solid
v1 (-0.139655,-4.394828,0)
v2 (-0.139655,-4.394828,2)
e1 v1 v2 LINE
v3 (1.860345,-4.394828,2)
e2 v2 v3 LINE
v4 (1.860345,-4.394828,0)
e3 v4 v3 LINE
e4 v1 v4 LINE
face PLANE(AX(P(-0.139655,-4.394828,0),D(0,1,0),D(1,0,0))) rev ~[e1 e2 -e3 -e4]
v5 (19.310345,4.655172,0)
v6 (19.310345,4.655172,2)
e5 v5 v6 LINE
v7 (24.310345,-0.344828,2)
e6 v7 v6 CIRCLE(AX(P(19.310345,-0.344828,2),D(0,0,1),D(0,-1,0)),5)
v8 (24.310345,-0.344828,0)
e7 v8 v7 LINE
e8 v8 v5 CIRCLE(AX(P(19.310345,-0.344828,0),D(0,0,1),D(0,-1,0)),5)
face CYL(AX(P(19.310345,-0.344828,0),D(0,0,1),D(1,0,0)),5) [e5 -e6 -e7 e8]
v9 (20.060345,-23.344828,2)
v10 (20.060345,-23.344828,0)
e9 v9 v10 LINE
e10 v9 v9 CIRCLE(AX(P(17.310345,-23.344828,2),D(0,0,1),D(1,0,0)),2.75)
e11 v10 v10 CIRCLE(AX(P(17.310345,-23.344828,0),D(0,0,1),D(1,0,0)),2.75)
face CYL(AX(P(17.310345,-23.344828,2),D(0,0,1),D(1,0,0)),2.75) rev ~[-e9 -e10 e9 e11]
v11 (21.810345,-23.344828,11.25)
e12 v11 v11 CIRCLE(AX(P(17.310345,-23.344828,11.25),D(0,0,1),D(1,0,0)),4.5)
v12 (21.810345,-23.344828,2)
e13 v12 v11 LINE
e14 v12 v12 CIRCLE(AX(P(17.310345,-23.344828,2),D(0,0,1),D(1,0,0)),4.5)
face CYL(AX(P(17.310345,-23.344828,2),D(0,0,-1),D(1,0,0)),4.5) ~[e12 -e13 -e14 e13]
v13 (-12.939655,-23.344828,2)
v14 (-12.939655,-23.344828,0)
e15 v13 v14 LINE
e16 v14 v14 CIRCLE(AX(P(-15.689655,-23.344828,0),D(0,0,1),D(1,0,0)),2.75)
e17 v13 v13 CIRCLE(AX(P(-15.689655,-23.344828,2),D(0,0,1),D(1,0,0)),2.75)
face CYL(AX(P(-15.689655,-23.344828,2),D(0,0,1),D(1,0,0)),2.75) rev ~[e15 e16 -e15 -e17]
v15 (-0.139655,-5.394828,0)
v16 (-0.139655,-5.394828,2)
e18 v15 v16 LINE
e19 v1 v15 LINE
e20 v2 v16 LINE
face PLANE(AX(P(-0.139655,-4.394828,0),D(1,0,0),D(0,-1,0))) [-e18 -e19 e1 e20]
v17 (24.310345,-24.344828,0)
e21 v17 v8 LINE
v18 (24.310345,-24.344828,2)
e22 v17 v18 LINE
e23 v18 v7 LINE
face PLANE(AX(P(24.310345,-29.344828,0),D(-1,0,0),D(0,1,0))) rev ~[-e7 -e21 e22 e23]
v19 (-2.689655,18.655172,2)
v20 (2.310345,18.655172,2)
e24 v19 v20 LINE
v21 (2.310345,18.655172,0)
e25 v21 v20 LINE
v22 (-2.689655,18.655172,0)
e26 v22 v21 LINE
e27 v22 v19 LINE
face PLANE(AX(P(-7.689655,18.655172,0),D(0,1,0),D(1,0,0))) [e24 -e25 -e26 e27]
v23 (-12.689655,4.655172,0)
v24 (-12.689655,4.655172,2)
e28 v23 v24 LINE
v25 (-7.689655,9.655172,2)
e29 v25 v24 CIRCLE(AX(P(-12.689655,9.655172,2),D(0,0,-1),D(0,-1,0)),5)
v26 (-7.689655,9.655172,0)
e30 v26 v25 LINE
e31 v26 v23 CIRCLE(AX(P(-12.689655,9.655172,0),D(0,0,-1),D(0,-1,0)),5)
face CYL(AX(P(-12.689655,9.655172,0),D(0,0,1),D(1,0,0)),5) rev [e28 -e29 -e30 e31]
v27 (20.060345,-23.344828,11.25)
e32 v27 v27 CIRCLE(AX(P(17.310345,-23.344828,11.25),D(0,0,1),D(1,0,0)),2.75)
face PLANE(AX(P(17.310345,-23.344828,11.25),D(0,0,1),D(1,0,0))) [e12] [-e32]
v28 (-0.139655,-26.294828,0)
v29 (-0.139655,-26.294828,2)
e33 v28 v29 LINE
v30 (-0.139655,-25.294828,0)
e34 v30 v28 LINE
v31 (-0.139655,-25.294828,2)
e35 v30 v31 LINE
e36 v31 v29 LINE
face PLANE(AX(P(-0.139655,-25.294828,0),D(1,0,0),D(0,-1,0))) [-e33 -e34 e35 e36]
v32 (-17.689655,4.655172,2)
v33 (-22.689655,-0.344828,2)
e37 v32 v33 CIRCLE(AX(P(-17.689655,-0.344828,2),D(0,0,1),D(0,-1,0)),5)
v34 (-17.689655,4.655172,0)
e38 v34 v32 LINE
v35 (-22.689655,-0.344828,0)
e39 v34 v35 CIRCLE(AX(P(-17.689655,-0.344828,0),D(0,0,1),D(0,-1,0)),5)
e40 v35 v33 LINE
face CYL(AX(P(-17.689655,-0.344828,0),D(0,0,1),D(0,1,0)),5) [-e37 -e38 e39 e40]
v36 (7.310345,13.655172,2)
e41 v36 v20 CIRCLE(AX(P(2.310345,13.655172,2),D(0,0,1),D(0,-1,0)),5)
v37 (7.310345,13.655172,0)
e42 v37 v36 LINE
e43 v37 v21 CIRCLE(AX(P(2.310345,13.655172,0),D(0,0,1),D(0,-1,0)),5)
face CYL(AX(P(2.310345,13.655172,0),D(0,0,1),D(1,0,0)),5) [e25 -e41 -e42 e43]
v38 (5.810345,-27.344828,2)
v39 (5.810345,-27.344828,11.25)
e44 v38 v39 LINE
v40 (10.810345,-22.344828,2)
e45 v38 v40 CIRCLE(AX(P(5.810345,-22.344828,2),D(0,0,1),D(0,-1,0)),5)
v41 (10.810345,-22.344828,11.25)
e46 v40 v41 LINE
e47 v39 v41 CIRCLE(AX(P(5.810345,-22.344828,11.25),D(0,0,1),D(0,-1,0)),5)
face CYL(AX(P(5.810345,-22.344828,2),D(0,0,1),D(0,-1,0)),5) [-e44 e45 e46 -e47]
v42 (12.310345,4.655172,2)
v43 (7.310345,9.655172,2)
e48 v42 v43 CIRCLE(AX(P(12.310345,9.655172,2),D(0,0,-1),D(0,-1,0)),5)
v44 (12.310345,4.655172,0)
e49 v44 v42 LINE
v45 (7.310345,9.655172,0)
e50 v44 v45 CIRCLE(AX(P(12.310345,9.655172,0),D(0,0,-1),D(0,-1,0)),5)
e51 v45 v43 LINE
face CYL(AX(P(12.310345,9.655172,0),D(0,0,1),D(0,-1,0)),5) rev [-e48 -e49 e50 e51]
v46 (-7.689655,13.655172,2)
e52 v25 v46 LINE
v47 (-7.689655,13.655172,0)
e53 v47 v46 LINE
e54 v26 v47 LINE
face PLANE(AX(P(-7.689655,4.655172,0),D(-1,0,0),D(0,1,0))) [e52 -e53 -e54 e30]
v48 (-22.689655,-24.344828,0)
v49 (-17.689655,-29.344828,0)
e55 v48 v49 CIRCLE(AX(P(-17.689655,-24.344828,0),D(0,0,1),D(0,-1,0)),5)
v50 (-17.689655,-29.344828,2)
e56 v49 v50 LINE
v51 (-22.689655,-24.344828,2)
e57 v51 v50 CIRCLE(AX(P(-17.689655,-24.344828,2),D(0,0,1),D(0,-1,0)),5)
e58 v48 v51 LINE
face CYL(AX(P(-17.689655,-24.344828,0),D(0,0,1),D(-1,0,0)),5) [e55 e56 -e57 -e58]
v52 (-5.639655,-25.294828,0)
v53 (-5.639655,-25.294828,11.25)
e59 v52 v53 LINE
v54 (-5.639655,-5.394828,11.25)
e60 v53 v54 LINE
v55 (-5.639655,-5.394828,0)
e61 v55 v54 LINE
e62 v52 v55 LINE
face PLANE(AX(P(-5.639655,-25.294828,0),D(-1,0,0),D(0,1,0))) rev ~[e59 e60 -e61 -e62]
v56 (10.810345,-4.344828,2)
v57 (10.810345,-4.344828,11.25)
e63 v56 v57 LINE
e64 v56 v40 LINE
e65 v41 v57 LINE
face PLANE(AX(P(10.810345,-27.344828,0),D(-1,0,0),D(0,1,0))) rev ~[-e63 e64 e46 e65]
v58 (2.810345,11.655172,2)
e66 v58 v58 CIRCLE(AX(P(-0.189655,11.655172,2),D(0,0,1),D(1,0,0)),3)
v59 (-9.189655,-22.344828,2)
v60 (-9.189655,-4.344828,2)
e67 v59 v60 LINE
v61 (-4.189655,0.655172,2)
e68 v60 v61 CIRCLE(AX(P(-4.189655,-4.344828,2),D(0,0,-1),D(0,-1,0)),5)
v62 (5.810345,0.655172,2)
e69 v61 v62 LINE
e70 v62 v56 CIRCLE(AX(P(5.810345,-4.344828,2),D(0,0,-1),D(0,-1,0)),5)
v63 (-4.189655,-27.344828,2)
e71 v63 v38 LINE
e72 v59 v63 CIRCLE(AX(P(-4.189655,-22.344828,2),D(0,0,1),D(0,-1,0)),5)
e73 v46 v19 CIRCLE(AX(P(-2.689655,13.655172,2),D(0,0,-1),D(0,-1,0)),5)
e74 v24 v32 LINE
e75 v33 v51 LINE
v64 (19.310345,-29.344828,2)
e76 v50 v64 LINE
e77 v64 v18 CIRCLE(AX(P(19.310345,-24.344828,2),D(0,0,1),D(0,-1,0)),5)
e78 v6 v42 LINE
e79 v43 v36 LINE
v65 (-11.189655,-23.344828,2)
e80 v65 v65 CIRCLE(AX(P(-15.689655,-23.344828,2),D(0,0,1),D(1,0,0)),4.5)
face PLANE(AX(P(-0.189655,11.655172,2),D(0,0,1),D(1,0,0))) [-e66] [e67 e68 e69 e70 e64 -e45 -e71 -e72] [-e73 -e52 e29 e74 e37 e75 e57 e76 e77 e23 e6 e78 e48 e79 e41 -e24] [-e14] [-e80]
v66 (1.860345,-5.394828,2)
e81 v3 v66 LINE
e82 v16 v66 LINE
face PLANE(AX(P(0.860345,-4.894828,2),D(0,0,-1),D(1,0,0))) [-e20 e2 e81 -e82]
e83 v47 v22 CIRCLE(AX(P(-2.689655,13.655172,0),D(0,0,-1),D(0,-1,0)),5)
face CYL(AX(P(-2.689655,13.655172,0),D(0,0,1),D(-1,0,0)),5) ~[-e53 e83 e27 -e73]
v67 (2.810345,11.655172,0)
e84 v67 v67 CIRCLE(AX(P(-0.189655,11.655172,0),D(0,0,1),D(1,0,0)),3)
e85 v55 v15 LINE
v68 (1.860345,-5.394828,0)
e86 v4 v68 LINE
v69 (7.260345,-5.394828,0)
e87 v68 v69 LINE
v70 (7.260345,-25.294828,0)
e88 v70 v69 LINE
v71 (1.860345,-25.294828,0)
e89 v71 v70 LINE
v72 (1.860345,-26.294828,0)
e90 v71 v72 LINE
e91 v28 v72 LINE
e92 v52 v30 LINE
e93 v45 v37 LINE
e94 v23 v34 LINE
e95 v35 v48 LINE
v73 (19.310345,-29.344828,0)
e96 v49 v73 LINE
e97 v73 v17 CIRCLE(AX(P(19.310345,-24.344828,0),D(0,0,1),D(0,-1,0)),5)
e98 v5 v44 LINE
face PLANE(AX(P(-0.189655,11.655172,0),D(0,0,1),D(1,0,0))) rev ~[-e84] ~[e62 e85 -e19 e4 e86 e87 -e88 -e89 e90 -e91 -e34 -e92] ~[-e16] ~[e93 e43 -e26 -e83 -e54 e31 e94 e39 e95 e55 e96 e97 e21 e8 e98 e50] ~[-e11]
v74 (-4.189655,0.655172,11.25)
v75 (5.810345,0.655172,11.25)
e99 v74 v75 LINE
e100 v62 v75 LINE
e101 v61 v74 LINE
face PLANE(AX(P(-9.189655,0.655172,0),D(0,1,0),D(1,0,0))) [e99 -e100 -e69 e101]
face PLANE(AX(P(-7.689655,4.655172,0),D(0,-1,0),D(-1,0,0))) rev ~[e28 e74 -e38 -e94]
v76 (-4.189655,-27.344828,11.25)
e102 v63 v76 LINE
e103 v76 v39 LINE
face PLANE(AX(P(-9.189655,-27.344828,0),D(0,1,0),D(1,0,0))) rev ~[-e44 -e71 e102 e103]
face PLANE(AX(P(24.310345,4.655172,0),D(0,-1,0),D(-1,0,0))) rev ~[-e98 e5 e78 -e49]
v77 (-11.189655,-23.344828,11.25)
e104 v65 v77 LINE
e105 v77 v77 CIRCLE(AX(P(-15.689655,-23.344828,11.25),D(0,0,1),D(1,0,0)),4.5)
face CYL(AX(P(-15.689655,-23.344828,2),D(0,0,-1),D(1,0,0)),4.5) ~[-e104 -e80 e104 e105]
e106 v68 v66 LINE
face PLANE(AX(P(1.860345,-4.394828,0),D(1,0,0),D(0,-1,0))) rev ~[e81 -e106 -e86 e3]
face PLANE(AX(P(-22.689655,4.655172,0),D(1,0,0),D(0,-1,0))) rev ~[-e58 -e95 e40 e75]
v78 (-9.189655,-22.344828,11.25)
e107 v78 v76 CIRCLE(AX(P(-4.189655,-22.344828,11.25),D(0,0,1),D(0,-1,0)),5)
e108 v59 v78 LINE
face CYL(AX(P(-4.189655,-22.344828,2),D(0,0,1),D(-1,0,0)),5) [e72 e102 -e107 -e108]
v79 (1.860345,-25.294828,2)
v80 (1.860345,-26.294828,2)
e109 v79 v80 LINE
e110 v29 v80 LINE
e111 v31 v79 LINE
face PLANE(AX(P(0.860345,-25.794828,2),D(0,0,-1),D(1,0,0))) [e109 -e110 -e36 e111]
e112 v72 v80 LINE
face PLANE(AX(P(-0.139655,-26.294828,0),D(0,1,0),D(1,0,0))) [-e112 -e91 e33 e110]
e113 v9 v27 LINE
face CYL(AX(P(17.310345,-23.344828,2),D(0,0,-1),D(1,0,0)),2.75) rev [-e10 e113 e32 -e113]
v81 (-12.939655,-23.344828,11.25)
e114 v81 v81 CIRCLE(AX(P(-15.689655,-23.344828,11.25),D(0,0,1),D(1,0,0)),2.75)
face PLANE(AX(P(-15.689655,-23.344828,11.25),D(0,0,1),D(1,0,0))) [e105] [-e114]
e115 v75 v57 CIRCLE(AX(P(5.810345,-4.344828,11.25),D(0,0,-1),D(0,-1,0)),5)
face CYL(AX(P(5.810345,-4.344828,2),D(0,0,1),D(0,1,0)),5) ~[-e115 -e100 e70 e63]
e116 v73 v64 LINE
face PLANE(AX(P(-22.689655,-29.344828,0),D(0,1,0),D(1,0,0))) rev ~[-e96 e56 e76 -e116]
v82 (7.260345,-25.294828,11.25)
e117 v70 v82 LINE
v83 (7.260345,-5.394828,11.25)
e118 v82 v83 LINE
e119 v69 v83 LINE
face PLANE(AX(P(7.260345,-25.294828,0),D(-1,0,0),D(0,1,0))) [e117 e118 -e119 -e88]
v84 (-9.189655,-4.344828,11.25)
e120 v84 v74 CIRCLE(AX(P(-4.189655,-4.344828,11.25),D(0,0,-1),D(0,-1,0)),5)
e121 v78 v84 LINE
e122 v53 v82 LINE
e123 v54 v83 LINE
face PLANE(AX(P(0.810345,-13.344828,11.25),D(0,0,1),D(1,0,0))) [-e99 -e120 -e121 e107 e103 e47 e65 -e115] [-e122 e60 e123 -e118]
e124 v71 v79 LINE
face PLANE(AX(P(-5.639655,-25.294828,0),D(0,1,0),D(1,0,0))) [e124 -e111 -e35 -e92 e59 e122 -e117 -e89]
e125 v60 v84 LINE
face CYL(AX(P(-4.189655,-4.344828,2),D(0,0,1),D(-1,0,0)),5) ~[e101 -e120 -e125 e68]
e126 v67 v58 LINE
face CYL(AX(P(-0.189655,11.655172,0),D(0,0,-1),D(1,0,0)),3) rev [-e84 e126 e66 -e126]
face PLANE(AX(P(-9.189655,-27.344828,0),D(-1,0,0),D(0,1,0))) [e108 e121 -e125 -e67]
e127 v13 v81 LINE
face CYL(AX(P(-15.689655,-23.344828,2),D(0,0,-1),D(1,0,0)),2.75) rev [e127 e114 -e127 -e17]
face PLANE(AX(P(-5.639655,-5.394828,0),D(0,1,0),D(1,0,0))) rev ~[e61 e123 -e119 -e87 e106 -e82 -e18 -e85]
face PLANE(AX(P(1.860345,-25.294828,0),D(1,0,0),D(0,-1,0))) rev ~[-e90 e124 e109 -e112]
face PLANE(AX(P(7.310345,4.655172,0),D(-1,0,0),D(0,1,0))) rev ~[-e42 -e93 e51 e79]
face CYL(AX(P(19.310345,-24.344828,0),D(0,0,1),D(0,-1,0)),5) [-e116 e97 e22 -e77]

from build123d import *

# Parameters (mm, degrees)
F0_W     = 15
F0_H     = 14
F0_R     = 3
F0_W_2   = 20
F0_H_2   = 2
F1_DEPTH = 2
F0_H_3   = 28
F0_W_3   = 12.9
F0_H_4   = 19.9
F2_DEPTH = 11.25
F3_R     = 5
F4_W     = 2
F4_H     = 1
F5_DEPTH = 2
F6_R     = 4.5
F6_R_2   = 2.75
F7_DEPTH = 9.25
F8_DEPTH = 2.001


with BuildPart() as f1:
    # F0 (on Top) → F1 (new body)
    with BuildSketch(Plane.XY):
        with Locations((-0.1896551724, 11.6551724138)):
            Rectangle(F0_W, F0_H)
        with Locations((-0.1896551724, 11.6551724138)):
            Circle(F0_R, mode=Mode.SUBTRACT)
        Polygon((-7.6896551724, 4.6551724138), (-22.6896551724, 4.6551724138), (-22.6896551724, 0.6551724138), (-9.1896551724, 0.6551724138), (10.8103448276, 0.6551724138), (24.3103448276, 0.6551724138), (24.3103448276, 4.6551724138), (7.3103448276, 4.6551724138), align=None)
        Polygon((-9.1896551724, 0.6551724138), (-22.6896551724, 0.6551724138), (-22.6896551724, -29.3448275862), (-9.1896551724, -29.3448275862), (-9.1896551724, -27.3448275862), align=None)
        Polygon((24.3103448276, 0.6551724138), (10.8103448276, 0.6551724138), (10.8103448276, -27.3448275862), (10.8103448276, -29.3448275862), (24.3103448276, -29.3448275862), align=None)
        with Locations((0.8103448276, -28.3448275862)):
            Rectangle(F0_W_2, F0_H_2)
    extrude(amount=F1_DEPTH)

    # F0 (on Top) → F2 (join)
    with BuildSketch(Plane.XY):
        with Locations((0.8103448276, -13.3448275862)):
            Rectangle(F0_W_2, F0_H_3)
        with Locations((0.8103448276, -15.3448275862)):
            Rectangle(F0_W_3, F0_H_4, mode=Mode.SUBTRACT)
    extrude(amount=F2_DEPTH)

    # F3
    f3_edges = [f1.edges().sort_by_distance(p)[0] for p in [
        (10.810345, 0.655172, 6.625),
        (-9.189655, 0.655172, 6.625),
        (-9.189655, -27.344828, 6.625),
        (10.810345, -27.344828, 6.625),
        (24.310345, -29.344828, 1),
        (-22.689655, -29.344828, 1),
        (24.310345, 4.655172, 1),
        (7.310345, 18.655172, 1),
        (-7.689655, 18.655172, 1),
        (-22.689655, 4.655172, 1),
        (-7.689655, 4.655172, 1),
        (7.310345, 4.655172, 1),
    ]]
    fillet(f3_edges, radius=F3_R)

    # F4 (on face) → F5 (cut)
    with BuildSketch(Plane(origin=(0, 0, 0), x_dir=(1, 0, 0), z_dir=(0, 0, -1))):
        with Locations((0.8603448276, 25.7948275862)):
            Rectangle(F4_W, F4_H)
        with Locations((0.8603448276, 4.8948275862)):
            Rectangle(F4_W, F4_H)
    extrude(amount=-F5_DEPTH, mode=Mode.SUBTRACT)

    # F6 (on face) → F7 (join)
    with BuildSketch(Plane.XY.offset(2)):
        with Locations((-15.6896551724, -23.3448275862)):
            Circle(F6_R)
        with Locations((-15.6896551724, -23.3448275862)):
            Circle(F6_R_2, mode=Mode.SUBTRACT)
        with Locations((17.3103448276, -23.3448275862)):
            Circle(F6_R)
        with Locations((17.3103448276, -23.3448275862)):
            Circle(F6_R_2, mode=Mode.SUBTRACT)
    extrude(amount=F7_DEPTH)

    # F8 (cut, through all): faces of the model
    f8_faces = [f1.faces().sort_by_distance(p)[0] for p in [
        (-15.6896551724, -23.3448275862, 2),
        (17.3103448276, -23.3448275862, 2),
    ]]
    extrude(f8_faces, amount=-F8_DEPTH, mode=Mode.SUBTRACT)


solid = f1.part
